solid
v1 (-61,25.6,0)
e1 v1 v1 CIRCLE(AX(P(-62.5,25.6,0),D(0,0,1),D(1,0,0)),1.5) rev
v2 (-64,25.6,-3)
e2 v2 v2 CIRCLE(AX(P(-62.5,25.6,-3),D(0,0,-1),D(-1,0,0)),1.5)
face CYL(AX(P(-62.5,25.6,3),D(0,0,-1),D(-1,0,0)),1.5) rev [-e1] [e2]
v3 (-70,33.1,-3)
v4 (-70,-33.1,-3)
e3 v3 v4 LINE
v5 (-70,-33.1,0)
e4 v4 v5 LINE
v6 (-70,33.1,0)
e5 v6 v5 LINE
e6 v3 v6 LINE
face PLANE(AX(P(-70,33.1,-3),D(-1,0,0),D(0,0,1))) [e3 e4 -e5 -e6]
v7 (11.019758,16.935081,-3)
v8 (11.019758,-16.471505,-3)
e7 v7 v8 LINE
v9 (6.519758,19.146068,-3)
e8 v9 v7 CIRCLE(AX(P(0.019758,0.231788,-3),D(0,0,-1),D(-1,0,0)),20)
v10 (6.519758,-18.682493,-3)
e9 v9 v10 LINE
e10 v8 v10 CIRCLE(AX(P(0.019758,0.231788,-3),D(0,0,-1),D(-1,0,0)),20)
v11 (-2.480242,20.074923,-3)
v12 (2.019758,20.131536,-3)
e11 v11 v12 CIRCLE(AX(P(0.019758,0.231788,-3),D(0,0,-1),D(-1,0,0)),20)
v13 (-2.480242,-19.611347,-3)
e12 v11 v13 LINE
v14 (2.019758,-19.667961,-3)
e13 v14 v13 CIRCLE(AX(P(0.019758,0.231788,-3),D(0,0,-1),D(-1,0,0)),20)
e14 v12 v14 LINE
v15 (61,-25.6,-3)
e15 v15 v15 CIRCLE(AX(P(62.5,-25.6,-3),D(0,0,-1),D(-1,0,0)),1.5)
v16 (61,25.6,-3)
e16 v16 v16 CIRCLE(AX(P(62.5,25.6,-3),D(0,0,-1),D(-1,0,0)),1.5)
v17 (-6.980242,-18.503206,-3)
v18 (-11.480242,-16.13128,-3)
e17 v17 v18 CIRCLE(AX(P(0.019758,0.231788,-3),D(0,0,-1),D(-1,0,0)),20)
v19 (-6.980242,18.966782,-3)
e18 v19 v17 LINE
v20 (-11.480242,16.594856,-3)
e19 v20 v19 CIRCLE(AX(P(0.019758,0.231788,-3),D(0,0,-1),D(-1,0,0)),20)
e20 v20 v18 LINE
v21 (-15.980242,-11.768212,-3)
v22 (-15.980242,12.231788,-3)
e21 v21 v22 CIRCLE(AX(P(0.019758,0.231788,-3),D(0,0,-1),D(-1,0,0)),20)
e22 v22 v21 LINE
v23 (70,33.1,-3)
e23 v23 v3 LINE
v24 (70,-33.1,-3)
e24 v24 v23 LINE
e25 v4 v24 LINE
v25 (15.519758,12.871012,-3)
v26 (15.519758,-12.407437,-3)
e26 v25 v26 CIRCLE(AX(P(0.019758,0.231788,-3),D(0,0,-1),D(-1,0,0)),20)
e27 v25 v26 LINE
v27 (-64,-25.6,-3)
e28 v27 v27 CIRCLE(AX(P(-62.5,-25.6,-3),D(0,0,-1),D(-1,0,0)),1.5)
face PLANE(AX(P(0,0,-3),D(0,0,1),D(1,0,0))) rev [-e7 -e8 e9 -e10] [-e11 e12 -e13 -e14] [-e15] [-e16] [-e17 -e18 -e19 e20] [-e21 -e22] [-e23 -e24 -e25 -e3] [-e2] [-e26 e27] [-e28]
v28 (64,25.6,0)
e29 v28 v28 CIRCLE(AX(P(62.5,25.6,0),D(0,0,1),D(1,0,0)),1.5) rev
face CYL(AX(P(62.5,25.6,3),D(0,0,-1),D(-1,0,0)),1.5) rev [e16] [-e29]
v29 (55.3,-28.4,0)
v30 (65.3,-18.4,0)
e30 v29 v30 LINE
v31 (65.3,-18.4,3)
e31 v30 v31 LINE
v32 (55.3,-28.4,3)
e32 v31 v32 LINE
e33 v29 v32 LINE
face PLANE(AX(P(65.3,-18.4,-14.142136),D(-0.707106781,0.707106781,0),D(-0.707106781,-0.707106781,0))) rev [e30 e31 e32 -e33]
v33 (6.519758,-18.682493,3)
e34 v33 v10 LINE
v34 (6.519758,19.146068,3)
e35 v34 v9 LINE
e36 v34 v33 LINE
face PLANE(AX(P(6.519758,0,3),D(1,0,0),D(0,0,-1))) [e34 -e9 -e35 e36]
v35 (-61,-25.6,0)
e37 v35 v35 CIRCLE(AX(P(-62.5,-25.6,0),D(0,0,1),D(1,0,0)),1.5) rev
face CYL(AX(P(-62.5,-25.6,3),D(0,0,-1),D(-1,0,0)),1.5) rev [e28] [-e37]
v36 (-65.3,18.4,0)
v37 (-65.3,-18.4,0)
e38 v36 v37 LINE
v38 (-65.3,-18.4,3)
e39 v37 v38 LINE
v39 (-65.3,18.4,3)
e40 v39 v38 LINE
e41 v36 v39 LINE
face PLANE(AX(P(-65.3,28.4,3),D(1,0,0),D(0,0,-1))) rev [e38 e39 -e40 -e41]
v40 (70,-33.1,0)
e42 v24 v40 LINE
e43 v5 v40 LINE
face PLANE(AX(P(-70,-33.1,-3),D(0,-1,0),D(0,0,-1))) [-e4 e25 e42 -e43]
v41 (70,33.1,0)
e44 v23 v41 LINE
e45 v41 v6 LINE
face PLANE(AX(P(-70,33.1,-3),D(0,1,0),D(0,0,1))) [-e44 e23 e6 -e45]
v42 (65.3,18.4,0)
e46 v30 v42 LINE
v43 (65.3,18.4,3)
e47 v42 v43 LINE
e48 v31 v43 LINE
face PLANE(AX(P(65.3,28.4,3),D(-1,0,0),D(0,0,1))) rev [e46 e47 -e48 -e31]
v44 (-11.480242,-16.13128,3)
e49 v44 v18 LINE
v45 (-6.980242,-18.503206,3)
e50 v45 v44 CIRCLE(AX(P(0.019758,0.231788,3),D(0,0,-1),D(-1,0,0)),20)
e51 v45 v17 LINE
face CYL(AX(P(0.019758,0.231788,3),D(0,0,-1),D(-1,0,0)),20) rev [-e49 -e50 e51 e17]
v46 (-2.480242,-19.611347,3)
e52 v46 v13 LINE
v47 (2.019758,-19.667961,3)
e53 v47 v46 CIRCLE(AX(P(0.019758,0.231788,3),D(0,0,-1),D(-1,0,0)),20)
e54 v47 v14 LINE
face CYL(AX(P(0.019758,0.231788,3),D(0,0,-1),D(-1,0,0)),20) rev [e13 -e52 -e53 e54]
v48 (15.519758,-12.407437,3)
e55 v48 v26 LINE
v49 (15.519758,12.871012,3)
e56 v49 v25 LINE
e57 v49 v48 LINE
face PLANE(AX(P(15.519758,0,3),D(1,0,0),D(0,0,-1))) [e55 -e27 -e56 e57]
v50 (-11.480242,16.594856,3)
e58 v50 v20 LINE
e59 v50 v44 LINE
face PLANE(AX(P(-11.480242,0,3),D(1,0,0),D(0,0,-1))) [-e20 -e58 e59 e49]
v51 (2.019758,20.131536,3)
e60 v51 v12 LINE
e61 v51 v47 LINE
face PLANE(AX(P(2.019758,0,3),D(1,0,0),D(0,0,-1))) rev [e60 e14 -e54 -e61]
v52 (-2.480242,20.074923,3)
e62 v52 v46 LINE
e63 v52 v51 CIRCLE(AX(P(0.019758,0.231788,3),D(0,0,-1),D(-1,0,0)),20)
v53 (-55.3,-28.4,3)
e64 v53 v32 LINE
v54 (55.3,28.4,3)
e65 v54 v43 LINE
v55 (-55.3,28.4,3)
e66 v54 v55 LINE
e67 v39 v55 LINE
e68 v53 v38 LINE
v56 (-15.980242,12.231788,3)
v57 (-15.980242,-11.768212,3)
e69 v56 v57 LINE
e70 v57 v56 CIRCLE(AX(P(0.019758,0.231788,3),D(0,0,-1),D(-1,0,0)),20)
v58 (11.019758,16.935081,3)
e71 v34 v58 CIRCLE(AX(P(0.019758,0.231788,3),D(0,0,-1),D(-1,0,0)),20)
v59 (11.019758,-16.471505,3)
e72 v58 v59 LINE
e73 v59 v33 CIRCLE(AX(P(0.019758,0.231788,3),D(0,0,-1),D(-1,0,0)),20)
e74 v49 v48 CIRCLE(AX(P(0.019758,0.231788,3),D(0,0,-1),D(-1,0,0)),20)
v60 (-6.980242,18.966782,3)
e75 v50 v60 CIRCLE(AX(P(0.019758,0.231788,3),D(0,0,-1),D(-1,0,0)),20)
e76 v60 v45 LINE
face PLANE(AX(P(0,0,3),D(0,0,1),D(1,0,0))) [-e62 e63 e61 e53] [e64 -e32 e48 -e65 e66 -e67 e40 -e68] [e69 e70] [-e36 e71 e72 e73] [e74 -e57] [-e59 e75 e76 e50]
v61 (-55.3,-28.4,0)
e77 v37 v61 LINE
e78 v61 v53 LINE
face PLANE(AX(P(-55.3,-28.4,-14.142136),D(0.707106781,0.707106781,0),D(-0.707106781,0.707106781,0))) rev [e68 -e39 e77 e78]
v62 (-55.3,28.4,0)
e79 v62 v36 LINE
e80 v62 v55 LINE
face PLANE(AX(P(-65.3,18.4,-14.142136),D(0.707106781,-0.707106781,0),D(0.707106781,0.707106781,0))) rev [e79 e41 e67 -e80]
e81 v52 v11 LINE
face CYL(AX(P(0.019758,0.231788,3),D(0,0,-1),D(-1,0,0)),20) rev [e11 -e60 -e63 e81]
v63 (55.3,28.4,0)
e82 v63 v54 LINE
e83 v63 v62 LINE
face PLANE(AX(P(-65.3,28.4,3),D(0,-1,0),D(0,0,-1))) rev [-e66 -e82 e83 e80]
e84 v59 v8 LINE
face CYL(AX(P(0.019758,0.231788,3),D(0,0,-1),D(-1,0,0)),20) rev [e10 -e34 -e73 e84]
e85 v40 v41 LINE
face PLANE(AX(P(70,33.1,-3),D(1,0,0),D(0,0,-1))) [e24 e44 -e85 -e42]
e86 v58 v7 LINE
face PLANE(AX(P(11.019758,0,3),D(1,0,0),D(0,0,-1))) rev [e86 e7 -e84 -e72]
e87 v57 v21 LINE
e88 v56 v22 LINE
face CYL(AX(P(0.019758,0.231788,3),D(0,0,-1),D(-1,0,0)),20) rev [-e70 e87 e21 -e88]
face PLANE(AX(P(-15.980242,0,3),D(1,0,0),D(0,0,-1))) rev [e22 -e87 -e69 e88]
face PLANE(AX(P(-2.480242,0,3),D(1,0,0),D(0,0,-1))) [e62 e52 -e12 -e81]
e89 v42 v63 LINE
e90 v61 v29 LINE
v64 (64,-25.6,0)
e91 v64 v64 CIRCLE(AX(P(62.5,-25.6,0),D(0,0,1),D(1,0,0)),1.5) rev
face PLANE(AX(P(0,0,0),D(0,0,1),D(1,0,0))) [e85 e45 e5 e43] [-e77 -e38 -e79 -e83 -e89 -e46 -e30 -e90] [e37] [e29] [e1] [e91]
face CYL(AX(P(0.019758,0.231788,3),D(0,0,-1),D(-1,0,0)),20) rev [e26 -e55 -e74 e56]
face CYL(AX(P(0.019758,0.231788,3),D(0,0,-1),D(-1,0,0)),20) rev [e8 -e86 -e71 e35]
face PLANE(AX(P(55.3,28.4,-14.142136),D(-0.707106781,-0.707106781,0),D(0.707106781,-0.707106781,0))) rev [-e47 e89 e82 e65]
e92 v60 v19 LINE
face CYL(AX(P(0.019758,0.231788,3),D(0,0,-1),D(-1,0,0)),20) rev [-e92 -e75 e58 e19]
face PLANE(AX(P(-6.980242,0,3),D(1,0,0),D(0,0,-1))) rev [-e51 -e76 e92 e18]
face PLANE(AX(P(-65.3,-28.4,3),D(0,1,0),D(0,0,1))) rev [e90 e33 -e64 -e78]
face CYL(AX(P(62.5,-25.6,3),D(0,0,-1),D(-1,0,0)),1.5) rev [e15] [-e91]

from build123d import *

# Parameters (mm, degrees)
SKETCH2_W           = 140
SKETCH2_H           = 66.2
BOSS_EXTRUDE1_DEPTH = 3
SKETCH3_W           = 130.6
SKETCH3_H           = 56.8
BOSS_EXTRUDE2_DEPTH = 3
CUT_EXTRUDE1_DEPTH  = 7
SKETCH5_R           = 1.5
CUT_EXTRUDE2_DEPTH  = 7
CUT_EXTRUDE3_DEPTH  = 3


with BuildPart() as part:
    # Sketch2 → Boss-Extrude1 (new body)
    with BuildSketch(Plane.XY):
        Rectangle(SKETCH2_W, SKETCH2_H)
    extrude(amount=-BOSS_EXTRUDE1_DEPTH)

    # Sketch3 → Boss-Extrude2 (add)
    with BuildSketch(Plane.XY):
        Rectangle(SKETCH3_W, SKETCH3_H)
    extrude(amount=BOSS_EXTRUDE2_DEPTH)

    # Sketch4 → Cut-Extrude1 (cut, through all)
    with BuildSketch(Plane(origin=(0, 0, -3), x_dir=(-1, 0, 0), z_dir=(0, 0, -1))):
        with BuildLine():
            ThreePointArc((-15.519758089, 12.871012345), (-18.86120177, 6.939991617), (-20.019758089, 0.231787685))
            ThreePointArc((-20.019758089, 0.231787685), (-18.86120177, -6.476416248), (-15.519758089, -12.407436975))
            Line((-15.519758089, -12.407436975), (-15.519758089, 12.871012345))
        make_face()
        with BuildLine():
            ThreePointArc((-6.519758089, 19.146068004), (-8.839316816, 18.182146563), (-11.019758089, 16.935080773))
            Line((-11.019758089, 16.935080773), (-11.019758089, -16.471505404))
            ThreePointArc((-11.019758089, -16.471505404), (-8.839316816, -17.718571194), (-6.519758089, -18.682492635))
            Line((-6.519758089, -18.682492635), (-6.519758089, 19.146068004))
        make_face()
        with BuildLine():
            ThreePointArc((2.480241911, 20.074922518), (1.232700165, 20.192532869), (-0.019758083, 20.231787685))
            ThreePointArc((-0.019758083, 20.231787685), (-1.021013587, 20.206709147), (-2.019758089, 20.131536427))
            Line((-2.019758089, 20.131536427), (-2.019758089, -19.667961057))
            ThreePointArc((-2.019758089, -19.667961057), (-1.02101359, -19.743133777), (-0.019758089, -19.768212315))
            ThreePointArc((-0.019758089, -19.768212315), (1.232700162, -19.7289575), (2.480241911, -19.611347148))
            Line((2.480241911, -19.611347148), (2.480241911, 20.074922518))
        make_face()
        with BuildLine():
            ThreePointArc((11.480241911, 16.594855857), (9.305959472, 17.924469561), (6.980241911, 18.96678168))
            Line((6.980241911, 18.96678168), (6.980241911, -18.50320631))
            ThreePointArc((6.980241911, -18.50320631), (9.305959472, -17.460894191), (11.480241911, -16.131280487))
            Line((11.480241911, -16.131280487), (11.480241911, 16.594855857))
        make_face()
        with BuildLine():
            ThreePointArc((19.980241911, 0.231787685), (18.953907872, 6.556343005), (15.980241911, 12.231787685))
            Line((15.980241911, 12.231787685), (15.980241911, -11.768212315))
            ThreePointArc((15.980241911, -11.768212315), (18.953907872, -6.092767635), (19.980241911, 0.231787685))
        make_face()
    extrude(amount=-CUT_EXTRUDE1_DEPTH, mode=Mode.SUBTRACT)

    # Sketch5 → Cut-Extrude2 (cut, through all)
    with BuildSketch(Plane(origin=(0, 0, -3), x_dir=(-1, 0, 0), z_dir=(0, 0, -1))):
        with Locations((-62.5, 25.6)):
            Circle(SKETCH5_R)
        with Locations((62.5, 25.6)):
            Circle(SKETCH5_R)
        with Locations((62.5, -25.6)):
            Circle(SKETCH5_R)
        with Locations((-62.5, -25.6)):
            Circle(SKETCH5_R)
    extrude(amount=-CUT_EXTRUDE2_DEPTH, mode=Mode.SUBTRACT)

    # Sketch6 → Cut-Extrude3 (cut)
    with BuildSketch(Plane.XY.offset(3)):
        Polygon((65.3, 28.4), (55.3, 28.4), (65.3, 18.4), align=None)
        Polygon((65.3, -28.4), (65.3, -18.4), (55.3, -28.4), align=None)
        Polygon((-65.3, -28.4), (-55.3, -28.4), (-65.3, -18.4), align=None)
        Polygon((-65.3, 28.4), (-65.3, 18.4), (-55.3, 28.4), align=None)
    extrude(amount=-CUT_EXTRUDE3_DEPTH, mode=Mode.SUBTRACT)


solid = part.part
